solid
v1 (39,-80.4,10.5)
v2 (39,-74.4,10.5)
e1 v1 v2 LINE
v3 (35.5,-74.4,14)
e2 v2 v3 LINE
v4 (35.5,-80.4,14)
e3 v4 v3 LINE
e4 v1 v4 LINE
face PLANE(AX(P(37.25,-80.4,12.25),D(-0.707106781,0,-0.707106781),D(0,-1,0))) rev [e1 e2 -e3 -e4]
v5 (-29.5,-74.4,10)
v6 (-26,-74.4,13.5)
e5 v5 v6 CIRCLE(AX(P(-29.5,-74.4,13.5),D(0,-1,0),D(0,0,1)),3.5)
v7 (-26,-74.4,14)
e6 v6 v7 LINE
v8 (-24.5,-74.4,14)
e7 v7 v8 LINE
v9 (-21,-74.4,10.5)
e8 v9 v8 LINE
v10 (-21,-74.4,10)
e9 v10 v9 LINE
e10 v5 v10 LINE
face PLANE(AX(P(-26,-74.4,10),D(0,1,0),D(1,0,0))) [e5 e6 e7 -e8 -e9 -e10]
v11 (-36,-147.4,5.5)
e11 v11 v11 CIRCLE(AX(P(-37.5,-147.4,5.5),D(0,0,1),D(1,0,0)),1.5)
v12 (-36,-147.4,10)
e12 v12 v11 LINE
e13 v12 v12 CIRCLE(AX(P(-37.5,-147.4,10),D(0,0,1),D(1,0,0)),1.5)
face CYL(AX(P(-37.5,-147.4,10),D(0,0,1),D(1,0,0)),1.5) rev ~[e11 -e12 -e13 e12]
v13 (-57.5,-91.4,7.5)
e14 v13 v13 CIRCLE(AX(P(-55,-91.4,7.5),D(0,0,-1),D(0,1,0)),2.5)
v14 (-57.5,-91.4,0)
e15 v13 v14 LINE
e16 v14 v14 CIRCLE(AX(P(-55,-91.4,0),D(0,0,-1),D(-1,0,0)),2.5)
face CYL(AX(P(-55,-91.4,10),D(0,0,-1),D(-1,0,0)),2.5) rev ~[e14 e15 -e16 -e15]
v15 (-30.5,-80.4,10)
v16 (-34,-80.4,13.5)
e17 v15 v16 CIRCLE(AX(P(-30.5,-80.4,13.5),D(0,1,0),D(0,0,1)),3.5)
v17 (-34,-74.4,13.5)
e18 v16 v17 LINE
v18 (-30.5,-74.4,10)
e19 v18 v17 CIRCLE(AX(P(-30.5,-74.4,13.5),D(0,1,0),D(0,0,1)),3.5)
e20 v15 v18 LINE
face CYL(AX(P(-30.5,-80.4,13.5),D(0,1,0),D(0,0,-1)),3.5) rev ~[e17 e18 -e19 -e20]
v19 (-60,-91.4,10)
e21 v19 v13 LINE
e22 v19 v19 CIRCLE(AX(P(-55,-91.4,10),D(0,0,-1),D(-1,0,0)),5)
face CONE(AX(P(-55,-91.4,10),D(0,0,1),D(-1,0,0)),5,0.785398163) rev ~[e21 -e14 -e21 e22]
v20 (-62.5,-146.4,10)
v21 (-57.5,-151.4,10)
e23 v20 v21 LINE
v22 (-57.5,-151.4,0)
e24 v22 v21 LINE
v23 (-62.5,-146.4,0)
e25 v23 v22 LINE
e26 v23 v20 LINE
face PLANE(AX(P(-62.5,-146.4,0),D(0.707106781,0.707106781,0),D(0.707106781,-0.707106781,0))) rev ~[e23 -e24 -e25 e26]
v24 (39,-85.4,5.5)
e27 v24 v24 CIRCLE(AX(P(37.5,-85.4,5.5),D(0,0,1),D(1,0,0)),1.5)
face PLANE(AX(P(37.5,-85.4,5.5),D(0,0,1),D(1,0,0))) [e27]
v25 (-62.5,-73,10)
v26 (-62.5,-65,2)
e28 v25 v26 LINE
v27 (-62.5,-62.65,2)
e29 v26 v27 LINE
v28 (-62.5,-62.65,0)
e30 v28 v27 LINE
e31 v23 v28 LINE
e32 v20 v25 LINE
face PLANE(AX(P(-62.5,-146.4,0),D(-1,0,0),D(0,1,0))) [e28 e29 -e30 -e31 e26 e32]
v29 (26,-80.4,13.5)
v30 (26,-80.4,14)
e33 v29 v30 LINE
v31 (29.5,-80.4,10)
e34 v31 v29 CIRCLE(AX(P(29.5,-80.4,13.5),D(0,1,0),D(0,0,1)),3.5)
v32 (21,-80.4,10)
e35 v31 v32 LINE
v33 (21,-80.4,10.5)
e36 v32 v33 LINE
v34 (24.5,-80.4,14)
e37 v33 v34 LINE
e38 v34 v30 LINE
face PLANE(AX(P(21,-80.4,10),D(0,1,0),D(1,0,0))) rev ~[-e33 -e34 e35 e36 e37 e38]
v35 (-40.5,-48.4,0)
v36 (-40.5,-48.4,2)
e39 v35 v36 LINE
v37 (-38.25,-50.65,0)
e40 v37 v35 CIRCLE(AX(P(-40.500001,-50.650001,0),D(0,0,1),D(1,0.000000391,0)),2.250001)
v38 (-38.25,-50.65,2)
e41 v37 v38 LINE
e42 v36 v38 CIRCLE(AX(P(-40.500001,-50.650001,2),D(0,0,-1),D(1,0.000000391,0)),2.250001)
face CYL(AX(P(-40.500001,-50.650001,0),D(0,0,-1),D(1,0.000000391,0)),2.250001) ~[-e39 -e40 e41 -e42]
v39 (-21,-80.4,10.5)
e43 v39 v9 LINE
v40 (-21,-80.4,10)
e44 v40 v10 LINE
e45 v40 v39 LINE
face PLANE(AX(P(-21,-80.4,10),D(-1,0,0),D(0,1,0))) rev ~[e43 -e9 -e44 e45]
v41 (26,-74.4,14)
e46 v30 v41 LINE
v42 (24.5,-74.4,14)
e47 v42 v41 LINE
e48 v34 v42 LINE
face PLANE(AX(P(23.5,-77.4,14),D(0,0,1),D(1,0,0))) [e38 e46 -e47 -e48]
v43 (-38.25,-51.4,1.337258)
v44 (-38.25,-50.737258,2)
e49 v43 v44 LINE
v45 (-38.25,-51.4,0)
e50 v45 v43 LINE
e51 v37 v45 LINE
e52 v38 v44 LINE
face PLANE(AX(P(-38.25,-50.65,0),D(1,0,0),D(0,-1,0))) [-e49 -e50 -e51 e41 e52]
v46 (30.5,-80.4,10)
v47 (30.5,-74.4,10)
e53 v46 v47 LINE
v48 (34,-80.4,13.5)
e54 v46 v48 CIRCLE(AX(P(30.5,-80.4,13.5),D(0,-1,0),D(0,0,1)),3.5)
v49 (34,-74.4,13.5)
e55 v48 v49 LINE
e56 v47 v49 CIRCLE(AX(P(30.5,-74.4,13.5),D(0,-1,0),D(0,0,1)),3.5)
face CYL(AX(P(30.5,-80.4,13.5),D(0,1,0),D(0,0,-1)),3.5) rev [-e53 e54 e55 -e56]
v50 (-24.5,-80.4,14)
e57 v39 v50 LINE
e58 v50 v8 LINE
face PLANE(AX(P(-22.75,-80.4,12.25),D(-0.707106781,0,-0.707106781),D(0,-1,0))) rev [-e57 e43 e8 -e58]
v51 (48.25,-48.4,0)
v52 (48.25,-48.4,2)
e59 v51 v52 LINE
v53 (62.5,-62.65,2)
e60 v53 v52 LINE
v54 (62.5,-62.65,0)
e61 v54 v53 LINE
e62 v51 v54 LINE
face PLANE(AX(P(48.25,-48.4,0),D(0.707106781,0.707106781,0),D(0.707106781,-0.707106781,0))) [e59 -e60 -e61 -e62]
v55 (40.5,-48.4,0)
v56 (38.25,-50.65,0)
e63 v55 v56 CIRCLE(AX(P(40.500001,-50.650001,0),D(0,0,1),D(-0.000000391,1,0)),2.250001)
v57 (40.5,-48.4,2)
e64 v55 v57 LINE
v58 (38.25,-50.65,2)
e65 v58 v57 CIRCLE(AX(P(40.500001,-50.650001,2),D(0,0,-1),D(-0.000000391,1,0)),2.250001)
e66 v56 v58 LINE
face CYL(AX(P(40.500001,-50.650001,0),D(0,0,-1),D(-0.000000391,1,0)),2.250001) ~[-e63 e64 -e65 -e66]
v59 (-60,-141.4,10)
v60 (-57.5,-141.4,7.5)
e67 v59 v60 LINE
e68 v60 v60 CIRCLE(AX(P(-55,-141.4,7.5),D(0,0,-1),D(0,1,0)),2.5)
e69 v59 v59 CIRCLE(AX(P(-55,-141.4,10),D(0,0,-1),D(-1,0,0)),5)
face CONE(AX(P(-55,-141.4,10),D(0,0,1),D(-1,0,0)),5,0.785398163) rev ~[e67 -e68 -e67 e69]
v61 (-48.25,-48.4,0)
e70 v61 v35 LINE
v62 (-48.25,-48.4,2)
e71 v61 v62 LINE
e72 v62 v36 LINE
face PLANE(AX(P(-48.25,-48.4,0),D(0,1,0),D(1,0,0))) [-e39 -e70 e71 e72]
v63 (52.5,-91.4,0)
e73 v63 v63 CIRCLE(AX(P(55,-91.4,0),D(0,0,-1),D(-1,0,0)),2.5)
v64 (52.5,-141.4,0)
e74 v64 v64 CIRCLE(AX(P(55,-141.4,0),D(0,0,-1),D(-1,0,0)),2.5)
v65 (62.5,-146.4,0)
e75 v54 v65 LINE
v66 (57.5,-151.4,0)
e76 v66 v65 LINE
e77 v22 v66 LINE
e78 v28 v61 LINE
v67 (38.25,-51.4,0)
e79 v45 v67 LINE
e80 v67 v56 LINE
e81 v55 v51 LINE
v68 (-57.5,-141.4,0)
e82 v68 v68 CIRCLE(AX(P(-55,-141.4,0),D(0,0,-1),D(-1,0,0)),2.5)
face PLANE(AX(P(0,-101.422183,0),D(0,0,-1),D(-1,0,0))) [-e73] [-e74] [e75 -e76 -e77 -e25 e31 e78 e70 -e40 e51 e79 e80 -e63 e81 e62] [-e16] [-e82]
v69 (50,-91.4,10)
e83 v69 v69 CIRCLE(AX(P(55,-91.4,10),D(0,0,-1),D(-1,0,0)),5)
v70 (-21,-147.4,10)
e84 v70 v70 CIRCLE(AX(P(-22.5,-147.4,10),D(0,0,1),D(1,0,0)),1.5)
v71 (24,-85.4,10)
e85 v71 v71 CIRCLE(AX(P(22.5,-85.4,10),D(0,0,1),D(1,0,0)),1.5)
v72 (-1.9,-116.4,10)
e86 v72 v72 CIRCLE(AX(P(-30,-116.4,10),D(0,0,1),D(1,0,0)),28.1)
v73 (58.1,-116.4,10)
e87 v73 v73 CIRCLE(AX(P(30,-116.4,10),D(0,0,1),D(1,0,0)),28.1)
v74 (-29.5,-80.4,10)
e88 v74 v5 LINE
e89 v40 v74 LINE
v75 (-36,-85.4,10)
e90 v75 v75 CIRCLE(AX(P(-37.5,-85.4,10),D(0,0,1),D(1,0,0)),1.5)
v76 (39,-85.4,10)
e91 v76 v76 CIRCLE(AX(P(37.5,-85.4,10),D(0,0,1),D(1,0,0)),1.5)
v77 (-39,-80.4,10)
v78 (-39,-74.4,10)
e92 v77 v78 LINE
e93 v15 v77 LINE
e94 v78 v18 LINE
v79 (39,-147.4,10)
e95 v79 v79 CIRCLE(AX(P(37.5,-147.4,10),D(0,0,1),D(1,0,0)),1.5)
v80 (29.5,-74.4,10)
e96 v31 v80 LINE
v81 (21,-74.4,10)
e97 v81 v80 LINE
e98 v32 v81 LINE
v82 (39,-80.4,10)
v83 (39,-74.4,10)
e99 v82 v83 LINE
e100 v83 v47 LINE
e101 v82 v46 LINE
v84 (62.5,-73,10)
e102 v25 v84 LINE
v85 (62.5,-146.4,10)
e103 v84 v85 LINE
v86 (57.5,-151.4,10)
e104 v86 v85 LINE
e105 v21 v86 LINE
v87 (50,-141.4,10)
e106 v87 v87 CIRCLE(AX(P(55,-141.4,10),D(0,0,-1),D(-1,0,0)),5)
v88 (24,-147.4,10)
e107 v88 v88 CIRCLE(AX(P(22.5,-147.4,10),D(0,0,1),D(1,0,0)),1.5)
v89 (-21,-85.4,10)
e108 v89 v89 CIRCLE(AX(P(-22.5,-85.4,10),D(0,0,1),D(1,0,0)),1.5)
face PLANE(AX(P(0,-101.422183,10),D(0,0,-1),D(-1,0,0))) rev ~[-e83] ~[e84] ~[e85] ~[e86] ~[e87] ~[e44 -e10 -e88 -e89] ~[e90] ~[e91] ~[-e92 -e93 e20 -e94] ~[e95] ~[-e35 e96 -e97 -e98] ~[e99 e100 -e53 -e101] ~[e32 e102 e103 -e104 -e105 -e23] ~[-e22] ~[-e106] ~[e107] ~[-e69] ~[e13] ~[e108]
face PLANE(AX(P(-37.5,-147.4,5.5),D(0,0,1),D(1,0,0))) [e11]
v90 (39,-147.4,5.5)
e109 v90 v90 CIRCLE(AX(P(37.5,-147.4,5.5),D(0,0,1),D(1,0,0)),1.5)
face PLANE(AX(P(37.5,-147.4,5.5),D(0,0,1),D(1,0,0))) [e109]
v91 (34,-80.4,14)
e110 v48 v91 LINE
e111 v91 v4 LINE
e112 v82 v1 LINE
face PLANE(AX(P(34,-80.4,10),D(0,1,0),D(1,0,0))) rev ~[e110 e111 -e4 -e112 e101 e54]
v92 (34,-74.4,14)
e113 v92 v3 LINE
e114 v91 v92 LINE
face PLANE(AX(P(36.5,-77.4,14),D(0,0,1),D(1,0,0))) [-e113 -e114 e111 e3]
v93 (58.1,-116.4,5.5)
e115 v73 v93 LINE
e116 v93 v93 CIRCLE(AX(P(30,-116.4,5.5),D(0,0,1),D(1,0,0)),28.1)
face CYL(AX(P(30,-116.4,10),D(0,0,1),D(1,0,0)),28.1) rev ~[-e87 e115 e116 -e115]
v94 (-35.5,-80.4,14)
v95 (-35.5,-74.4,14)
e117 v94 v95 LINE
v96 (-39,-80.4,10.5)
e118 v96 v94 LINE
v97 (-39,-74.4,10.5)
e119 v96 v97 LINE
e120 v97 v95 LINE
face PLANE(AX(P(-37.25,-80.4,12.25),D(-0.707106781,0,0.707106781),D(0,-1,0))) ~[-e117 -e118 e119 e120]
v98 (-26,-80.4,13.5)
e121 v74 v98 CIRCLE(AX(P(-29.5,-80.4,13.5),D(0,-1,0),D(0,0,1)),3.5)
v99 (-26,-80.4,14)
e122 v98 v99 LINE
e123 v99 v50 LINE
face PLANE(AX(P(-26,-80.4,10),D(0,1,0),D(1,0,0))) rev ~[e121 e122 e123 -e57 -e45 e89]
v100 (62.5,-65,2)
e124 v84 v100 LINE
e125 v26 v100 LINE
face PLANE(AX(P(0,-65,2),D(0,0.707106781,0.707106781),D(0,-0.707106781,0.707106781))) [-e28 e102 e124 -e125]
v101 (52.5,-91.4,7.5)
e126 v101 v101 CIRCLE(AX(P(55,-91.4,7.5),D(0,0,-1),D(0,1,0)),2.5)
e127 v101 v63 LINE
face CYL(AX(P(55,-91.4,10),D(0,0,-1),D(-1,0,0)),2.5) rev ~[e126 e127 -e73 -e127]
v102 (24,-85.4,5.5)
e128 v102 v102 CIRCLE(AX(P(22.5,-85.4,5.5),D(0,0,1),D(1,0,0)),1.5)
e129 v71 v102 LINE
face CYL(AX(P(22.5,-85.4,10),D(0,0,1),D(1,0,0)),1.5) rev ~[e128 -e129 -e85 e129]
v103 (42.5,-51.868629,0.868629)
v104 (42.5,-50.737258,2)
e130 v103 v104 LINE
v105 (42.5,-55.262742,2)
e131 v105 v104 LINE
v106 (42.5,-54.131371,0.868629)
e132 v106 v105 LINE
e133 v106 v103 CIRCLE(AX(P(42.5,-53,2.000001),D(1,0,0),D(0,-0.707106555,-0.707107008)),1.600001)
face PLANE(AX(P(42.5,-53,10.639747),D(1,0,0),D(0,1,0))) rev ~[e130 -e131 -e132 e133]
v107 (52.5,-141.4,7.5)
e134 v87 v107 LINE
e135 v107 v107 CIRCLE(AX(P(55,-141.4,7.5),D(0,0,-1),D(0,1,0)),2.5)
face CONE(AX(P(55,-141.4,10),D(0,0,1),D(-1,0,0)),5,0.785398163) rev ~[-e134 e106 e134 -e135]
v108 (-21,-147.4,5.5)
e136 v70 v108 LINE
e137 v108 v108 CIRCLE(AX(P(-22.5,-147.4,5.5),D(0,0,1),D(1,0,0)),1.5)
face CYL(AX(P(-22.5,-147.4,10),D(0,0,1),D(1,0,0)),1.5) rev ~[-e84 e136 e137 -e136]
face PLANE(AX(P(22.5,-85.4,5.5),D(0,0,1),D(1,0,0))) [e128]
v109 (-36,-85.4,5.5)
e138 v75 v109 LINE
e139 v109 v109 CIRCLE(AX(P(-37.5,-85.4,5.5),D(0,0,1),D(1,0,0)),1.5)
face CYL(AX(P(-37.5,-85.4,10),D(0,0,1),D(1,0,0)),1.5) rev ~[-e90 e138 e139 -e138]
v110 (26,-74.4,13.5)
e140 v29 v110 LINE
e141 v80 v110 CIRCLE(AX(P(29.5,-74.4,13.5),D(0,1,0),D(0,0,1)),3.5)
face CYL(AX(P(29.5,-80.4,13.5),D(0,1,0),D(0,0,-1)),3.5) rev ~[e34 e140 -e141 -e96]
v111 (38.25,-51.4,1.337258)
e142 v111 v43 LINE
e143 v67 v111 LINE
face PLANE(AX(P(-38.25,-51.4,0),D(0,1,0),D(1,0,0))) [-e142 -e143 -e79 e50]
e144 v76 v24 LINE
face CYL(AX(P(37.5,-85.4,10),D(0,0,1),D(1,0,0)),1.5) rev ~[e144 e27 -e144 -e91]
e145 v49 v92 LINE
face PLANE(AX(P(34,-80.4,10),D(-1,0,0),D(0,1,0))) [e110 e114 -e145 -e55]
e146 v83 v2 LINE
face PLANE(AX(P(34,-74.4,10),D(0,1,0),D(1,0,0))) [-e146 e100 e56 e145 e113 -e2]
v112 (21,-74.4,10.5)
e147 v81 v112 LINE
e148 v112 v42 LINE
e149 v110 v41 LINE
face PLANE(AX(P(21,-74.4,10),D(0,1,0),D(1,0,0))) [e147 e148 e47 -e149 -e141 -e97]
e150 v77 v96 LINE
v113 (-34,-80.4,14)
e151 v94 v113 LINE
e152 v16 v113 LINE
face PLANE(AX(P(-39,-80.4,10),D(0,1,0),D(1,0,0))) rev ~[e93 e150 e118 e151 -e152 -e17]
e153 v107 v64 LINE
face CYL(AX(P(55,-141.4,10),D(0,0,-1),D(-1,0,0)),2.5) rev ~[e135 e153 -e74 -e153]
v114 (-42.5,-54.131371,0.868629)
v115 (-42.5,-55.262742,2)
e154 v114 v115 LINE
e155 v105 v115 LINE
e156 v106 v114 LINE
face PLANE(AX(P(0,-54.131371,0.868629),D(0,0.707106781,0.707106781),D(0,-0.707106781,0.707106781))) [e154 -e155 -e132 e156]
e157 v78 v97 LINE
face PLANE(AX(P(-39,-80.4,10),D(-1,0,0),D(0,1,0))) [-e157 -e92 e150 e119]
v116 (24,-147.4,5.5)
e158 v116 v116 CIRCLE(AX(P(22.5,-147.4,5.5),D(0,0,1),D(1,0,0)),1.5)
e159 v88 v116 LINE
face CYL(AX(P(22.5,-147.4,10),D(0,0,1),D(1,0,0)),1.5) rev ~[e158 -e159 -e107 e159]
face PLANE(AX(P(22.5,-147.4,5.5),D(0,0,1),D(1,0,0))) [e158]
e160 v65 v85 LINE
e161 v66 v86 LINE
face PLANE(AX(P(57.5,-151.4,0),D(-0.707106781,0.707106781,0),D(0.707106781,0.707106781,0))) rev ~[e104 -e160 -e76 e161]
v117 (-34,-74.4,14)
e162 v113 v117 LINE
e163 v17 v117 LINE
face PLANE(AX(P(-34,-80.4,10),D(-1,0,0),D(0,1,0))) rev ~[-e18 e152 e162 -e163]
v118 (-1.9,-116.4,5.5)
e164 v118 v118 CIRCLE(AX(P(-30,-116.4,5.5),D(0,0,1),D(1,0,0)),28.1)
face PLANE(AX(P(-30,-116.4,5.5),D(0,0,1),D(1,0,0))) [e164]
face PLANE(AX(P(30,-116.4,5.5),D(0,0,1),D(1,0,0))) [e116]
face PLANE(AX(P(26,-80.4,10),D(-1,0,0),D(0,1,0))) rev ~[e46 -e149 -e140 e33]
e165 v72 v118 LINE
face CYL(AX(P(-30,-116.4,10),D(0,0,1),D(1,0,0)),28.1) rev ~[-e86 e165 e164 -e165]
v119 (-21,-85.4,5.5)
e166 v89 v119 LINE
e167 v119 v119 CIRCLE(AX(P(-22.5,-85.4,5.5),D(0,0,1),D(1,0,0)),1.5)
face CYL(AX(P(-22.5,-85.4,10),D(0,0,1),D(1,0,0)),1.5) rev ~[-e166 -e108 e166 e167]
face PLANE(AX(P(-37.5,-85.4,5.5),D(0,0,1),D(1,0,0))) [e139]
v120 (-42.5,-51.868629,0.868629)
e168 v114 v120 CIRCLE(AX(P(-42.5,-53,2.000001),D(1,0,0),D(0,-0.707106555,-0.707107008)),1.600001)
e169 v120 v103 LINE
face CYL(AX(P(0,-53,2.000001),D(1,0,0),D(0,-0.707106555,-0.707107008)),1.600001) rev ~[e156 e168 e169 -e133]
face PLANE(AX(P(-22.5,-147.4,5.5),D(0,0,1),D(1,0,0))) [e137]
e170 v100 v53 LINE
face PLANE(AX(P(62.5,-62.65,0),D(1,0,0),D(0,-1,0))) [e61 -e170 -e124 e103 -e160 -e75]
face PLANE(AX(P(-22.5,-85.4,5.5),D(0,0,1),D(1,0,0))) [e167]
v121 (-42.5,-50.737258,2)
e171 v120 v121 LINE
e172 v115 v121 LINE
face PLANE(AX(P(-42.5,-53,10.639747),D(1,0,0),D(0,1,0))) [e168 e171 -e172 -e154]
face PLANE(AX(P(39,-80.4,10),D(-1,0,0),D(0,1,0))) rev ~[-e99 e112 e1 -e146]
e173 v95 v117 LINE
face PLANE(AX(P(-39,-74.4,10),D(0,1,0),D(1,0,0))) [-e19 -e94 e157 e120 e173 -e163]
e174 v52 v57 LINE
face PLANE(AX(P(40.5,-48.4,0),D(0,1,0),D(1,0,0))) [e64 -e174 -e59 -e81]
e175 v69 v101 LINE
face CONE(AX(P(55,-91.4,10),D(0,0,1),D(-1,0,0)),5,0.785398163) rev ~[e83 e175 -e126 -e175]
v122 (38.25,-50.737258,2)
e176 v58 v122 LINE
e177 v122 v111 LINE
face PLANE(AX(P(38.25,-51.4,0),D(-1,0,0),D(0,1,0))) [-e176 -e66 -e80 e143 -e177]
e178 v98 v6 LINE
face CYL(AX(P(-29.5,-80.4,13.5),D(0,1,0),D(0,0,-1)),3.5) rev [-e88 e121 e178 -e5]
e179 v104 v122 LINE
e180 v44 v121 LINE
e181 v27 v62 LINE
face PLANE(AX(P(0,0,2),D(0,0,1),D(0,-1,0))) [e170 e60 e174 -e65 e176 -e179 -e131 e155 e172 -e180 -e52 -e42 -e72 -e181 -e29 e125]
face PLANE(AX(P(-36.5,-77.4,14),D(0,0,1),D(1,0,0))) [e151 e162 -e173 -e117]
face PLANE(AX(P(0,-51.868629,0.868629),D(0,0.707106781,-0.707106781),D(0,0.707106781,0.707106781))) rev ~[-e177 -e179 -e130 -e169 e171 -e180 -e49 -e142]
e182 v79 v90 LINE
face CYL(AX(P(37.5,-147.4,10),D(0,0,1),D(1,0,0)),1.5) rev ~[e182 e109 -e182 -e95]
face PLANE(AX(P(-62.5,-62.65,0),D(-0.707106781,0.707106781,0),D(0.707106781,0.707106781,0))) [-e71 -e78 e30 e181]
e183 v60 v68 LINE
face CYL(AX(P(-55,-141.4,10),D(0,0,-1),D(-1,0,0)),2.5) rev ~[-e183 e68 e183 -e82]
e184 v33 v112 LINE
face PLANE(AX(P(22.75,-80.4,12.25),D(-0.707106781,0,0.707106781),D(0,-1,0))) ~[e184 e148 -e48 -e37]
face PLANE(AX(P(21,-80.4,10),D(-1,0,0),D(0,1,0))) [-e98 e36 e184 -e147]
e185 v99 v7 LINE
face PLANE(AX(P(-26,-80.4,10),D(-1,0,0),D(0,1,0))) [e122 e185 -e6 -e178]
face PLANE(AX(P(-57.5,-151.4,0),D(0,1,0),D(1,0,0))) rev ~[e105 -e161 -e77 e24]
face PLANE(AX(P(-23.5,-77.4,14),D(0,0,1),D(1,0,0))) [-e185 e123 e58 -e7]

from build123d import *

# Parameters (mm, degrees)
PAD_DEPTH            = 10
SKETCH001_R          = 28.1
SKETCH001_R_2        = 1.5
POCKET_DEPTH         = 4.5
POCKET001_DEPTH      = 62.501
POCKET001_DEPTH_BACK = -62.501
HOLE_D               = 5
HOLE_DEPTH           = 25
HOLE_CSINK_D         = 10
HOLE_CSINK_ANGLE     = 90
SKETCH005_W          = 5
SKETCH005_H          = 6
PAD001_DEPTH         = 4
POCKET002_DEPTH      = 42.5
CHAMFER_SIZE         = 3.5
FILLET_R             = 3.5


with BuildPart() as part:
    # Sketch → Pad (new body)
    with BuildSketch(Plane.XY):
        with BuildLine():
            Line((-48.25, -48.4), (-40.5, -48.4))
            ThreePointArc((-38.25, -50.65), (-38.90901, -49.05901), (-40.5, -48.4))
            Line((-38.25, -50.65), (-38.25, -51.4))
            Line((-38.25, -51.4), (38.25, -51.4))
            Line((38.25, -51.4), (38.25, -50.65))
            ThreePointArc((40.5, -48.4), (38.90901, -49.05901), (38.25, -50.65))
            Line((40.5, -48.4), (48.25, -48.4))
            Line((48.25, -48.4), (62.5, -62.65))
            Line((62.5, -62.65), (62.5, -146.4))
            Line((57.5, -151.4), (62.5, -146.4))
            Line((-57.5, -151.4), (57.5, -151.4))
            Line((-62.5, -146.4), (-57.5, -151.4))
            Line((-62.5, -146.4), (-62.5, -62.65))
            Line((-62.5, -62.65), (-48.25, -48.4))
        make_face()
    extrude(amount=PAD_DEPTH)

    # Sketch001 → Pocket (cut)
    with BuildSketch(Plane.XY.offset(10)):
        with Locations((-30, -116.4)):
            Circle(SKETCH001_R)
        with Locations((30, -116.4)):
            Circle(SKETCH001_R)
        with Locations((-37.5, -85.4)):
            Circle(SKETCH001_R_2)
        with Locations((-22.5, -85.4)):
            Circle(SKETCH001_R_2)
        with Locations((22.5, -85.4)):
            Circle(SKETCH001_R_2)
        with Locations((37.5, -85.4)):
            Circle(SKETCH001_R_2)
        with Locations((-37.5, -147.4)):
            Circle(SKETCH001_R_2)
        with Locations((-22.5, -147.4)):
            Circle(SKETCH001_R_2)
        with Locations((22.5, -147.4)):
            Circle(SKETCH001_R_2)
        with Locations((37.5, -147.4)):
            Circle(SKETCH001_R_2)
    extrude(amount=-POCKET_DEPTH, mode=Mode.SUBTRACT)

    # Sketch002 → Pocket001 (cut, two sides)
    with BuildSketch(Plane.YZ) as pocket001_sk:
        Polygon((0, 2), (-65, 2), (-85, 22), (0, 22), align=None)
    extrude(amount=-POCKET001_DEPTH, mode=Mode.SUBTRACT)
    extrude(pocket001_sk.sketch, amount=-POCKET001_DEPTH_BACK, mode=Mode.SUBTRACT)

    # Hole
    with Locations(Plane.XY.offset(10)):
        with Locations((-55, -91.4), (55, -91.4), (55, -141.4), (-55, -141.4)):
            CounterSinkHole(HOLE_D / 2, HOLE_CSINK_D / 2, depth=HOLE_DEPTH, counter_sink_angle=HOLE_CSINK_ANGLE)

    # Sketch005 (on Face6 of Hole) → Pad001 (join)
    with BuildSketch(Plane.XY.offset(10)):
        with Locations((-36.5, -77.4)):
            Rectangle(SKETCH005_W, SKETCH005_H)
        with Locations((-23.5, -77.4)):
            Rectangle(SKETCH005_W, SKETCH005_H)
        with Locations((23.5, -77.4)):
            Rectangle(SKETCH005_W, SKETCH005_H)
        with Locations((36.5, -77.4)):
            Rectangle(SKETCH005_W, SKETCH005_H)
    extrude(amount=PAD001_DEPTH)

    # Sketch006 → Pocket002 (cut, symmetric)
    with BuildSketch(Plane.YZ):
        with BuildLine():
            ThreePointArc((-54.131371, 0.868629), (-53, 0.4), (-51.868629, 0.868629))
            Line((-51.868629, 0.868629), (-37.737258, 15))
            Line((-68.262742, 15), (-37.737258, 15))
            Line((-54.131371, 0.868629), (-68.262742, 15))
        make_face()
    extrude(amount=POCKET002_DEPTH, both=True, mode=Mode.SUBTRACT)

    # Chamfer
    chamfer_edges = [part.edges().sort_by_distance(p)[0] for p in [
        (39, -77.4, 14),
        (21, -77.4, 14),
        (-21, -77.4, 14),
        (-39, -77.4, 14),
    ]]
    chamfer(chamfer_edges, length=CHAMFER_SIZE)

    # Fillet
    fillet_edges = [part.edges().sort_by_distance(p)[0] for p in [
        (-34, -77.4, 10),
        (26, -77.4, 10),
        (-26, -77.4, 10),
        (34, -77.4, 10),
    ]]
    fillet(fillet_edges, radius=FILLET_R)


solid = part.part
